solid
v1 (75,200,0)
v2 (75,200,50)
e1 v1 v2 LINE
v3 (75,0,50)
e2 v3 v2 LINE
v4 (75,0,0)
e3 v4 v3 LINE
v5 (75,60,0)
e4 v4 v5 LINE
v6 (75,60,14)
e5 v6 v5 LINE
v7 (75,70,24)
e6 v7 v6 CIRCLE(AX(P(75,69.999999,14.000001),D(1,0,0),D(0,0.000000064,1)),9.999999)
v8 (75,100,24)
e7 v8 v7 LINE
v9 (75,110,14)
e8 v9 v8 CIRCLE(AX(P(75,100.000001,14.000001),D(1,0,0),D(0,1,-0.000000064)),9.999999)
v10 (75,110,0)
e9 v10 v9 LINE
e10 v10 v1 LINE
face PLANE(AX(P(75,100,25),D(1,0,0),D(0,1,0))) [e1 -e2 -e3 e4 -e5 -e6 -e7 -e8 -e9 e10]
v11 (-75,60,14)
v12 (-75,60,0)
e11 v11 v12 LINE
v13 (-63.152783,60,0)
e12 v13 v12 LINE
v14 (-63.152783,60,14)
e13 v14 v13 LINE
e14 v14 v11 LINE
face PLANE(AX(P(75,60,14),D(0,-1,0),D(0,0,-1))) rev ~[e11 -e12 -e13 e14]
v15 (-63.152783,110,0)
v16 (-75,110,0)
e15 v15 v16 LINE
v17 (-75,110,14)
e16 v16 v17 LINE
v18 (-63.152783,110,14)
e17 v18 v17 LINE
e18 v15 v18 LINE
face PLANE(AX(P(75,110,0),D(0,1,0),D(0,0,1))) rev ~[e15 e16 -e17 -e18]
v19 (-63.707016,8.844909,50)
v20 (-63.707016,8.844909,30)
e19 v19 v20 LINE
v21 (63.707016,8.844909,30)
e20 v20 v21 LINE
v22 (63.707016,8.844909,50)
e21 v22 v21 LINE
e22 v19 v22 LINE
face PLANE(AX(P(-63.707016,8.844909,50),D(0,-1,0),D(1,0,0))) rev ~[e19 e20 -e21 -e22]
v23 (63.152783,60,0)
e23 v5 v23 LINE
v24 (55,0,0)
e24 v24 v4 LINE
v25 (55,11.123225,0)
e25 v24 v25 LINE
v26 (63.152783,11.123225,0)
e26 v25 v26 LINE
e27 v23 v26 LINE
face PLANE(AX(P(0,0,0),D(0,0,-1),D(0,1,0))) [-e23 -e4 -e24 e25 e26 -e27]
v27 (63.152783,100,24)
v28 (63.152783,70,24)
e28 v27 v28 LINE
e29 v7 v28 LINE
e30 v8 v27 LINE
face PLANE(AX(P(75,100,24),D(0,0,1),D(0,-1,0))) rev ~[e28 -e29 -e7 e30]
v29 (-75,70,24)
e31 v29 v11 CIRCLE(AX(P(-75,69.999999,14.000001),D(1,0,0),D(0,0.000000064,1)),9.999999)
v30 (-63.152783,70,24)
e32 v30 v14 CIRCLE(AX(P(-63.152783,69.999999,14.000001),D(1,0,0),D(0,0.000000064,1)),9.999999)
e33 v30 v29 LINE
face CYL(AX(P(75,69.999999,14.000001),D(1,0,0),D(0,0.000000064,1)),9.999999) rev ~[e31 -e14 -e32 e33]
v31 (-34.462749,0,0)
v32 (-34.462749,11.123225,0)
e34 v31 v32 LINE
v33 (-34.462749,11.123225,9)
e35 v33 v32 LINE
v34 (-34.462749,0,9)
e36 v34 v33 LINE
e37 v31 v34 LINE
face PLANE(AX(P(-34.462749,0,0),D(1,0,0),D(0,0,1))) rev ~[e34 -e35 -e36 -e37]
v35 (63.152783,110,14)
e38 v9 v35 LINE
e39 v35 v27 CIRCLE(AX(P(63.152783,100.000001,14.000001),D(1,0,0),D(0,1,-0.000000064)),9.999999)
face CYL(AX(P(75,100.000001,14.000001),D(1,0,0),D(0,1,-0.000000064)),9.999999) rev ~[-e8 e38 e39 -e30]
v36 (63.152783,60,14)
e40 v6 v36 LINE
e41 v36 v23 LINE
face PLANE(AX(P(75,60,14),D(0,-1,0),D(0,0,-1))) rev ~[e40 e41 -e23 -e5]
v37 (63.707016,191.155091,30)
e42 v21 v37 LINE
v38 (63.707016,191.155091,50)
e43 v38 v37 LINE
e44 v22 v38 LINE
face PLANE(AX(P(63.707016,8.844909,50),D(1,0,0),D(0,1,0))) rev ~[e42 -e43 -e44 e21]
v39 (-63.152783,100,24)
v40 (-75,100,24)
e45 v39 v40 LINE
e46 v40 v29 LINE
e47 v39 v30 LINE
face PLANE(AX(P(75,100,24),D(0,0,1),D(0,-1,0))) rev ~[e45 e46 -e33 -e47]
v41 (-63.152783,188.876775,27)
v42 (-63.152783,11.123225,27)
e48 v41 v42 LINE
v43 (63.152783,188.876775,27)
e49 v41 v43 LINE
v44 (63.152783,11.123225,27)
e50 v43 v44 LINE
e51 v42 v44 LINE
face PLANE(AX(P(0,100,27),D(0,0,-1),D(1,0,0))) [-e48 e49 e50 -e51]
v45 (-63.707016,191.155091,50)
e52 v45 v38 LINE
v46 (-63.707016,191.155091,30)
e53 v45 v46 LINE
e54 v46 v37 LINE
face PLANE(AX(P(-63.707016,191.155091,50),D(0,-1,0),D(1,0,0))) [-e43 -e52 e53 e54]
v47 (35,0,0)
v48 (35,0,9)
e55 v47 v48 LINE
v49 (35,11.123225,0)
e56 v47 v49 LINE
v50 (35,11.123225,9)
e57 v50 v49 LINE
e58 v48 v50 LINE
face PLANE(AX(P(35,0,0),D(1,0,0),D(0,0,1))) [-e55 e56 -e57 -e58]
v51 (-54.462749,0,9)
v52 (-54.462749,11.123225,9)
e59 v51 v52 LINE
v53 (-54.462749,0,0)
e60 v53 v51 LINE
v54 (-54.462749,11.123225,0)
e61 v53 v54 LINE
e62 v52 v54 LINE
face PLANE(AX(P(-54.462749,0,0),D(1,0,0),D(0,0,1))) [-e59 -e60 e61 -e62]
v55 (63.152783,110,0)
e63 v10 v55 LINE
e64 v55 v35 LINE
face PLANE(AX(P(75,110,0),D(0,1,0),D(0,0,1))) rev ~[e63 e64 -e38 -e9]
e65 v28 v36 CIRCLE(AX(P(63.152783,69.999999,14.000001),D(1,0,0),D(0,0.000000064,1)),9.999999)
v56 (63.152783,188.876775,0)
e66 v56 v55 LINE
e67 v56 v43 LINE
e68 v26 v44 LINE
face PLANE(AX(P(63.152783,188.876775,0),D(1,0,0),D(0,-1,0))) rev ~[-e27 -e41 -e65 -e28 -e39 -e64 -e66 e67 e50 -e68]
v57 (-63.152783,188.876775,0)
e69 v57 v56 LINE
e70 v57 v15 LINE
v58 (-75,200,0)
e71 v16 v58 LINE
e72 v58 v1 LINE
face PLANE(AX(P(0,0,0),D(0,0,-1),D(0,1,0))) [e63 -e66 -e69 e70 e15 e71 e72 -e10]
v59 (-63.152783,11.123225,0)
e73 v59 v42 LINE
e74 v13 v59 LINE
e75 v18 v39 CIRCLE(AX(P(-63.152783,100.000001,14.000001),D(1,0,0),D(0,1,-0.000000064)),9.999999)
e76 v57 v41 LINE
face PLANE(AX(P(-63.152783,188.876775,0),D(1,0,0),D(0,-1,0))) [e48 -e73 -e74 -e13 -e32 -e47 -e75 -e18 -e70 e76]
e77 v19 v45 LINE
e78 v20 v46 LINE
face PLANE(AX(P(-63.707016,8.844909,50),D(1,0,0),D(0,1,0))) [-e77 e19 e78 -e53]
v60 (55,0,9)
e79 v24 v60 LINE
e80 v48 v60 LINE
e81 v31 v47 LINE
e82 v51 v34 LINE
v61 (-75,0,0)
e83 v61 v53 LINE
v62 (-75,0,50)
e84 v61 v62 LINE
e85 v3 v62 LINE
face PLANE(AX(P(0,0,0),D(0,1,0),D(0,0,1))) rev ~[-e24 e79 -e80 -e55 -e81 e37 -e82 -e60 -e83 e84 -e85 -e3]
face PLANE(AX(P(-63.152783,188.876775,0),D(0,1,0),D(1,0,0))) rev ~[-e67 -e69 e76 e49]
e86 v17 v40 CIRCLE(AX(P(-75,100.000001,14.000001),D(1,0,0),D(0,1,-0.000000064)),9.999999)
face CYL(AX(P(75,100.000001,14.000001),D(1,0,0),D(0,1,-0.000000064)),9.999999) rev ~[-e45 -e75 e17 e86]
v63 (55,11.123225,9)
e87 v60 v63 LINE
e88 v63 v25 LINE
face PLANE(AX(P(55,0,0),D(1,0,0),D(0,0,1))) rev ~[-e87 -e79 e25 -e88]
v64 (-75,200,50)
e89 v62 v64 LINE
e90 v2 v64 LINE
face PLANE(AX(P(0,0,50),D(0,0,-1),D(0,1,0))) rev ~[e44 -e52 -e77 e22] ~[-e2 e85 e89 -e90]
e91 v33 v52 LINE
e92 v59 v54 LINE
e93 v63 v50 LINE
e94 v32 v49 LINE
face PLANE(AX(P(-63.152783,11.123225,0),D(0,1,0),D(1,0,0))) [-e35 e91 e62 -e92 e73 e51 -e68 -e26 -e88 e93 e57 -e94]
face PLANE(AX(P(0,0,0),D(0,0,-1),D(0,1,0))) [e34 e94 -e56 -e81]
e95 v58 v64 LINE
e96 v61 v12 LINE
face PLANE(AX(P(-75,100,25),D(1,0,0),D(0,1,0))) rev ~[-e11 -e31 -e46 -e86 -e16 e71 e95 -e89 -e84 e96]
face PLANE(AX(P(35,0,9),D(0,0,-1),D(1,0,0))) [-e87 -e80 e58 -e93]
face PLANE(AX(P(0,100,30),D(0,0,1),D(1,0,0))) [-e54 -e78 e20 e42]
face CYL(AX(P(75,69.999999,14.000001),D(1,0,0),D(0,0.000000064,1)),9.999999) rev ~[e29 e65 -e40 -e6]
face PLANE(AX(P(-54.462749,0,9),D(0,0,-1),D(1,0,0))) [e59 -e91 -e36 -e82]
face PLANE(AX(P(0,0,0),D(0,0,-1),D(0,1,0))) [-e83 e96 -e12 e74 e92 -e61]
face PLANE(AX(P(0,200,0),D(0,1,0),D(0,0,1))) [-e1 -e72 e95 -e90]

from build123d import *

# Parameters (mm, degrees)
F0_W     = 200
F0_H     = 50
F1_DEPTH = 75
F2_W     = 127.414032
F2_H     = 182.310182
F3_DEPTH = 20
F5_W     = 126.305566
F5_H     = 177.75355
F6_DEPTH = 27
F4_W     = 20
F4_H     = 9
F7_DEPTH = 25
F9_DEPTH = 160


with BuildPart() as f1:
    # F0 (on Right) → F1 (new body, symmetric)
    with BuildSketch(Plane.YZ):
        with Locations((100, 25)):
            Rectangle(F0_W, F0_H)
    extrude(amount=F1_DEPTH, both=True)

    # F2 (on face) → F3 (cut)
    with BuildSketch(Plane.XY.offset(50)):
        with Locations((0, 100)):
            Rectangle(F2_W, F2_H)
    extrude(amount=-F3_DEPTH, mode=Mode.SUBTRACT)

    # F5 (on face) → F6 (cut)
    with BuildSketch(Plane(origin=(0, 0, 0), x_dir=(1, 0, 0), z_dir=(0, 0, -1))):
        with Locations((0, -100)):
            Rectangle(F5_W, F5_H)
    extrude(amount=-F6_DEPTH, mode=Mode.SUBTRACT)

    # F4 (on face) → F7 (cut)
    with BuildSketch(Plane.XZ):
        with Locations((45, 4.5)):
            Rectangle(F4_W, F4_H)
        with Locations((-44.462749, 4.5)):
            Rectangle(F4_W, F4_H)
    extrude(amount=-F7_DEPTH, mode=Mode.SUBTRACT)

    # F8 (on face) → F9 (cut)
    with BuildSketch(Plane.YZ.offset(75)):
        with BuildLine():
            Line((60, 14), (60, 0))
            Line((60, 0), (110, 0))
            Line((110, 0), (110, 14))
            ThreePointArc((110, 14), (107.071068, 21.071068), (100, 24))
            Line((100, 24), (70, 24))
            ThreePointArc((70, 24), (62.928932, 21.071068), (60, 14))
        make_face()
    extrude(amount=-F9_DEPTH, mode=Mode.SUBTRACT)


solid = f1.part
